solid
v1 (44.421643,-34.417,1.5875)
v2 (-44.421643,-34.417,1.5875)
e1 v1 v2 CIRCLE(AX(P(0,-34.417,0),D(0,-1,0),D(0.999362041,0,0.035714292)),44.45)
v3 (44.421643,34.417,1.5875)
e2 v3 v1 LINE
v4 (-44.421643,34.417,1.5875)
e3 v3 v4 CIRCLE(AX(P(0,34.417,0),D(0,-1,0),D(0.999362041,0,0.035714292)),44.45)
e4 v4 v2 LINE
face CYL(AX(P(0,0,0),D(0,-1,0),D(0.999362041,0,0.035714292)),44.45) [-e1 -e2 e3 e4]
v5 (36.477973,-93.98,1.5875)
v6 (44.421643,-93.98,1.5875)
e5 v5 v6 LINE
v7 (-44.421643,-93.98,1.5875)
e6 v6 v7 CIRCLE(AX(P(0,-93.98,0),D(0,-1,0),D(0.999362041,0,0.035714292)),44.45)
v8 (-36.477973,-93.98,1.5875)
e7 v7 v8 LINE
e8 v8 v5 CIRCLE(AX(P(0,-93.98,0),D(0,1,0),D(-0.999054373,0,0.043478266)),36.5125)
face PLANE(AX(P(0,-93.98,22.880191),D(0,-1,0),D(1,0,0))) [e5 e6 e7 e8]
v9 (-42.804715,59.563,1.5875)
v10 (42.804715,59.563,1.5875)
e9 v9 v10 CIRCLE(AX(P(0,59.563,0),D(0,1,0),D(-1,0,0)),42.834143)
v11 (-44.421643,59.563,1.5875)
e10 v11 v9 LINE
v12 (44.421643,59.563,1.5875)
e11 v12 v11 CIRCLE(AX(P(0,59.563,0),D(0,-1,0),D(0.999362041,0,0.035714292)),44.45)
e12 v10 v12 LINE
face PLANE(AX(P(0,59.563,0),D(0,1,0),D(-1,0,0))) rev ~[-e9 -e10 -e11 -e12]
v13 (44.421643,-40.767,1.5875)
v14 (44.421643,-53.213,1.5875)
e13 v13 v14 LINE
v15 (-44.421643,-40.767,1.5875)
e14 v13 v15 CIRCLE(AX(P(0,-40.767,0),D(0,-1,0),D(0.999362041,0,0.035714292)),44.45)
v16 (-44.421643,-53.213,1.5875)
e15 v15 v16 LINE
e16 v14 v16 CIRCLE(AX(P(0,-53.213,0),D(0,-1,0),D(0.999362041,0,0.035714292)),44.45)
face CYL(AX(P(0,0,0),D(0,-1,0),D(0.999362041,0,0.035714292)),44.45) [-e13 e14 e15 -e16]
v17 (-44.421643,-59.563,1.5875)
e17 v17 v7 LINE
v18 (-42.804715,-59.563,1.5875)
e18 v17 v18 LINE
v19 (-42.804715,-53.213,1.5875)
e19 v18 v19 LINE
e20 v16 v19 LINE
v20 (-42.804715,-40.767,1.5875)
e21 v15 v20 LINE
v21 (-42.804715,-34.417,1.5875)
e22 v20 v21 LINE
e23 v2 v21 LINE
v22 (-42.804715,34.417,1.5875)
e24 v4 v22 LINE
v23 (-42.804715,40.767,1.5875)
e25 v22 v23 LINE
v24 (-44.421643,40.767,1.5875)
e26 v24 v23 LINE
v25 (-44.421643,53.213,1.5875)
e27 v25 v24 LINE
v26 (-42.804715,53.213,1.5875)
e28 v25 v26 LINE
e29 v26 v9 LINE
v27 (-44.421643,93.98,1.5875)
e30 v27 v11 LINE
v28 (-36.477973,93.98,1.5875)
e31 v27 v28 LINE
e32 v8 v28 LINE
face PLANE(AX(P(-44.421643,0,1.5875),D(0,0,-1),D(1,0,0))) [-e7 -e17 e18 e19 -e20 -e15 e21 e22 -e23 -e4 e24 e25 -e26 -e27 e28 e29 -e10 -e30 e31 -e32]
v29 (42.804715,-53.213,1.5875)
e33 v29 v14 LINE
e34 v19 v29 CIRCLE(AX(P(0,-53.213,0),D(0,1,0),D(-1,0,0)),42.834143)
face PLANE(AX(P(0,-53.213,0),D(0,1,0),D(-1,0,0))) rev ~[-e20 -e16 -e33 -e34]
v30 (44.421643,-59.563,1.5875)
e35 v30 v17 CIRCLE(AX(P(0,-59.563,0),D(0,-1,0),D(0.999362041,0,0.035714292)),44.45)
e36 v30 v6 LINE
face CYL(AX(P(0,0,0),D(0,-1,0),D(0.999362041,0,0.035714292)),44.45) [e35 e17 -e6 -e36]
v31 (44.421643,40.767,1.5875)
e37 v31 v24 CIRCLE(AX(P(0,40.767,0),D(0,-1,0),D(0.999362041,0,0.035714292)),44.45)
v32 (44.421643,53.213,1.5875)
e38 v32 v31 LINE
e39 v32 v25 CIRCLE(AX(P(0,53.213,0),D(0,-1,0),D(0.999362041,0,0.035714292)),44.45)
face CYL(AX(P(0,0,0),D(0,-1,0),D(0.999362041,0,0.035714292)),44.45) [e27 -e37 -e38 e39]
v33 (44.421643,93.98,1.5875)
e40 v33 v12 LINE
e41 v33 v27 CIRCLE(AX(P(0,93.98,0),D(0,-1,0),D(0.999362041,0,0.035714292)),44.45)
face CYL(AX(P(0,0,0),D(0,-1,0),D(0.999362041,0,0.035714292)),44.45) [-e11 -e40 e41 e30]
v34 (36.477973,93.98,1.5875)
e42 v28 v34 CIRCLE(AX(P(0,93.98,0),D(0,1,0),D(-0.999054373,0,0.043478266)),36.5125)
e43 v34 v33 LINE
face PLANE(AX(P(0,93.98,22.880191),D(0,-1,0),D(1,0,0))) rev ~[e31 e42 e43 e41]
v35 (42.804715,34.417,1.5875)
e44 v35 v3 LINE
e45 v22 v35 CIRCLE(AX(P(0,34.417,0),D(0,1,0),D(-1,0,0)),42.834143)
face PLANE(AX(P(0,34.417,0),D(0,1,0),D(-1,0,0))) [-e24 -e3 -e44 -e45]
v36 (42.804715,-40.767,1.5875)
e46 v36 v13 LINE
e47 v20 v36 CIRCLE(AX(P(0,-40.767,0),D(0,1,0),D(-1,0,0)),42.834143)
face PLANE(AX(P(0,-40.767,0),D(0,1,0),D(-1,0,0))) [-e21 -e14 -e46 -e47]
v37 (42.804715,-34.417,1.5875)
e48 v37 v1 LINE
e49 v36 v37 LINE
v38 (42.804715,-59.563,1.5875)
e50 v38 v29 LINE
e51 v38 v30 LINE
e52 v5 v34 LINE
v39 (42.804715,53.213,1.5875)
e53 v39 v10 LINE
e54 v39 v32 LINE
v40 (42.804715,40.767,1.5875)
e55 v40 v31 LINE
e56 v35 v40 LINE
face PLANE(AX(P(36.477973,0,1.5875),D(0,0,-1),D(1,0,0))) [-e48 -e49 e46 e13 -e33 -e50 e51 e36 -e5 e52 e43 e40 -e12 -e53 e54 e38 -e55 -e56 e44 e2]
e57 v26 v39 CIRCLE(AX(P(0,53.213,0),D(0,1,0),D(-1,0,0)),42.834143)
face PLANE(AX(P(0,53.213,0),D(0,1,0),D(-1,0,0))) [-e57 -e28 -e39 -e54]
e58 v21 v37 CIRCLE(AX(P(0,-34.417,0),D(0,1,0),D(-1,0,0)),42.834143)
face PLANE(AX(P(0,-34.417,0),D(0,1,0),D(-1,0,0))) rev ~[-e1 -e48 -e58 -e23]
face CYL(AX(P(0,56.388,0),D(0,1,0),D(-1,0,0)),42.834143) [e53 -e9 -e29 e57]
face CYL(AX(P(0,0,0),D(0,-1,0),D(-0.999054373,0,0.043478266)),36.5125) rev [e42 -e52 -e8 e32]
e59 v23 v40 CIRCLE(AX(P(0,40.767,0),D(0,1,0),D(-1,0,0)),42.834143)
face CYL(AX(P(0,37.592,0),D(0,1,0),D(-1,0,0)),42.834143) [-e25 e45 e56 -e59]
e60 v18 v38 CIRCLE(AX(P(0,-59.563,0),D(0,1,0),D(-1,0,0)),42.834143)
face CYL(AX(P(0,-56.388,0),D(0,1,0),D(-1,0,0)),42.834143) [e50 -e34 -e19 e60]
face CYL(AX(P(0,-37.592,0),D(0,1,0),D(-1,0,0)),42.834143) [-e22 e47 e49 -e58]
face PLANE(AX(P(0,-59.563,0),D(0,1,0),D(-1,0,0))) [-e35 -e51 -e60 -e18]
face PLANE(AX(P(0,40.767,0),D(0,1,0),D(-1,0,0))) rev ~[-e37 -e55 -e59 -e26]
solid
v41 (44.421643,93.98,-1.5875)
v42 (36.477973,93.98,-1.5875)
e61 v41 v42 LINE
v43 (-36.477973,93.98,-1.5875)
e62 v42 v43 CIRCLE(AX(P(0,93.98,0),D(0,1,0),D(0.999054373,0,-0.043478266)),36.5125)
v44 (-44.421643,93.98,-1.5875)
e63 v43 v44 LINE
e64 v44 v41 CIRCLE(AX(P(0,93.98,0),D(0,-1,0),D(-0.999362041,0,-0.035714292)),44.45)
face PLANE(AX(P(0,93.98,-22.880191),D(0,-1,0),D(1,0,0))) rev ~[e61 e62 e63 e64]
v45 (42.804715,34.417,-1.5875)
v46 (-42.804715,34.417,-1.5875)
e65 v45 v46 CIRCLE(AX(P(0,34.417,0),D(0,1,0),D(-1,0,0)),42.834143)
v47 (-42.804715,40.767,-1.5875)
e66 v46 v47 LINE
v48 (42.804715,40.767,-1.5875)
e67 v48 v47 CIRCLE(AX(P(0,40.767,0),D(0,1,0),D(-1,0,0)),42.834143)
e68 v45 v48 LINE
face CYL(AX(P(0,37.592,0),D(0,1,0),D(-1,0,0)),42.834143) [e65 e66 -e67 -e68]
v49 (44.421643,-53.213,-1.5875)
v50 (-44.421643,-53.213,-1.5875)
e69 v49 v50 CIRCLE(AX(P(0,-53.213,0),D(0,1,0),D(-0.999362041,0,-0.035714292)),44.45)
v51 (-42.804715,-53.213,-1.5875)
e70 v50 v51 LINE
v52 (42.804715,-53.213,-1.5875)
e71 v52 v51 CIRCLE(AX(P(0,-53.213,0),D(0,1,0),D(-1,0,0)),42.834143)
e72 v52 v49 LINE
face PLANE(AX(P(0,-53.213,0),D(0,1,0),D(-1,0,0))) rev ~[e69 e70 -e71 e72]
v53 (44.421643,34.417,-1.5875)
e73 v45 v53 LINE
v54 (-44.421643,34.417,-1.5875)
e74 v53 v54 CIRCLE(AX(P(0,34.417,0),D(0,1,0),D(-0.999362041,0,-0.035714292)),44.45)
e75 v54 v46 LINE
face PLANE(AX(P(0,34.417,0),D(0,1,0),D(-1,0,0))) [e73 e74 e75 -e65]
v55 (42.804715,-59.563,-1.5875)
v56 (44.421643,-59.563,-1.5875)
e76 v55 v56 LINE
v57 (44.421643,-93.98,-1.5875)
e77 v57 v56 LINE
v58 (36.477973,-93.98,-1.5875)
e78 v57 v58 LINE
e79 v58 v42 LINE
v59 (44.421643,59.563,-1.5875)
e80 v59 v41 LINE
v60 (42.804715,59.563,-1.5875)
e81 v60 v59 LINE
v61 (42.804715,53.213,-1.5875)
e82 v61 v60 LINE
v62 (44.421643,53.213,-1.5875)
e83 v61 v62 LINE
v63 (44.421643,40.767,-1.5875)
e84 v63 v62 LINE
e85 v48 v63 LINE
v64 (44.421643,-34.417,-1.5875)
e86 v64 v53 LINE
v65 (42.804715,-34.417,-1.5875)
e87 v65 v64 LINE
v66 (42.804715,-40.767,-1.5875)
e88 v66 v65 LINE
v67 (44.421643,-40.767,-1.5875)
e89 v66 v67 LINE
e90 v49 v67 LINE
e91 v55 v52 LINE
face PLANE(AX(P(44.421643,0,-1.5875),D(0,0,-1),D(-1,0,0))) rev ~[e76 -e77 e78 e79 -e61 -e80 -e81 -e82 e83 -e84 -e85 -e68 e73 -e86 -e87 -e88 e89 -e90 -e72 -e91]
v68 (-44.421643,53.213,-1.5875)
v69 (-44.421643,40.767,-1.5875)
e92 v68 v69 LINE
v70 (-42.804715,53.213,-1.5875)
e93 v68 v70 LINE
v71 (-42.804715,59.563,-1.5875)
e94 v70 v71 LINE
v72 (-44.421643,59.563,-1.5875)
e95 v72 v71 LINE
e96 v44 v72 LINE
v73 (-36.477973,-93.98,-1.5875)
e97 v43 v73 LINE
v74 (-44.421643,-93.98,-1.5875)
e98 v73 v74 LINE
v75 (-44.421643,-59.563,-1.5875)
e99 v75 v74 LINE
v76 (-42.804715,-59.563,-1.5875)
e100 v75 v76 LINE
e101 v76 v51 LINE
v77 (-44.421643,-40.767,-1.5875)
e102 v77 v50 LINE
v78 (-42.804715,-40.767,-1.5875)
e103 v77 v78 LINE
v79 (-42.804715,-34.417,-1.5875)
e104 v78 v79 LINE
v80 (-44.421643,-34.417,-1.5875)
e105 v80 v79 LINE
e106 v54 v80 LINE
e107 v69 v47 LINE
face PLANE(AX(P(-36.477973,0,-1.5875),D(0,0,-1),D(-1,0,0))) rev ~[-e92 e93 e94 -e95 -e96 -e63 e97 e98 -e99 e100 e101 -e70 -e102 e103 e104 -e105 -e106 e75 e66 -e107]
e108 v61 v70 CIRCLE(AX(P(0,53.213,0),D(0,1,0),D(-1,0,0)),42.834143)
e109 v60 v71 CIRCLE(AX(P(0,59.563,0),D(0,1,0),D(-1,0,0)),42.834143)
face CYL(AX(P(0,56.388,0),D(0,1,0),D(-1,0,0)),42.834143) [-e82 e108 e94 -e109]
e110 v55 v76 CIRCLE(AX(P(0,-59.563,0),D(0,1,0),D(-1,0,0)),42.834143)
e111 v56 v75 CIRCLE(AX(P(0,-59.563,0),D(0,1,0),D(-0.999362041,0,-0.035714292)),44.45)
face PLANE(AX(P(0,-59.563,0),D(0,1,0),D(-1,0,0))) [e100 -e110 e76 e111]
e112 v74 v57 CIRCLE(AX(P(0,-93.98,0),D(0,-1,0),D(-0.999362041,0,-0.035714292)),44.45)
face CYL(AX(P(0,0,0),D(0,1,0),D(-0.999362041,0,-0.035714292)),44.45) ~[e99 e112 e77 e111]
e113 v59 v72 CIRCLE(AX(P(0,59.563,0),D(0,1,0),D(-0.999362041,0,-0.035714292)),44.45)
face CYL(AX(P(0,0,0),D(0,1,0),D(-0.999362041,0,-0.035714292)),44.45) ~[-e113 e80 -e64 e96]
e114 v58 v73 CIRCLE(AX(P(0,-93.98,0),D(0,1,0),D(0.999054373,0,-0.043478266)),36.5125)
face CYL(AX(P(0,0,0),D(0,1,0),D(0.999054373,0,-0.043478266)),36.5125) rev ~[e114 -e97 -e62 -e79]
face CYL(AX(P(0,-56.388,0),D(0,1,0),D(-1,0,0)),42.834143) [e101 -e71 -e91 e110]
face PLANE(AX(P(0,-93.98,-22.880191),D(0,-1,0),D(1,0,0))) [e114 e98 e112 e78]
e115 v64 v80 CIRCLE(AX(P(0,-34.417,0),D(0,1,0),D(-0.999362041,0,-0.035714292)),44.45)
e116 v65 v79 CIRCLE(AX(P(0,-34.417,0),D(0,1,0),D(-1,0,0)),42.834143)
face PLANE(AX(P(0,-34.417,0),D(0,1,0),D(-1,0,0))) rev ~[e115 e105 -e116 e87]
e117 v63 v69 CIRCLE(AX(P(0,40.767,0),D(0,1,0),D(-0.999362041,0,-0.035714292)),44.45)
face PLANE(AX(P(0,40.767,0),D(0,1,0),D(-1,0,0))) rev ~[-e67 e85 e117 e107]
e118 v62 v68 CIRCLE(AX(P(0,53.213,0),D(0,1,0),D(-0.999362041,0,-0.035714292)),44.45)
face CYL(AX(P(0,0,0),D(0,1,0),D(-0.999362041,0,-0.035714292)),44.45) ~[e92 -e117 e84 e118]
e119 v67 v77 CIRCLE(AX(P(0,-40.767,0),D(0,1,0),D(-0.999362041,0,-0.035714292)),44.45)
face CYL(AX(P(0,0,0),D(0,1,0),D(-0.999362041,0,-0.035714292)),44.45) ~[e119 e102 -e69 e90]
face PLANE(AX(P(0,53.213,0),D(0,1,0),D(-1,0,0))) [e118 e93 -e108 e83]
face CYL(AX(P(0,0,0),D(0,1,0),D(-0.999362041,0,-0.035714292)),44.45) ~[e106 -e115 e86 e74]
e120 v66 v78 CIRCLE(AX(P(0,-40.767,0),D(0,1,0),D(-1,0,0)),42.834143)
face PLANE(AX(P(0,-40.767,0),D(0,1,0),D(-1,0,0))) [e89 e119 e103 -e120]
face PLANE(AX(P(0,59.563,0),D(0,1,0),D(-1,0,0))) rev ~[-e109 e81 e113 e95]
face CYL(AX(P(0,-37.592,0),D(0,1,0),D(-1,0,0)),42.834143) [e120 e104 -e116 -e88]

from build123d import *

# Parameters (mm, degrees)
F1_DEPTH = 93.98
F2_W     = 3.175
F2_H     = 6.35


with BuildPart() as f1:
    # F0 (on Front) → F1 (new body, symmetric)
    with BuildSketch(Plane.XZ):
        with BuildLine():
            ThreePointArc((36.477973, -1.5875), (0, -36.5125), (-36.477973, -1.5875))
            Line((-36.477973, -1.5875), (-44.421643, -1.5875))
            ThreePointArc((-44.421643, -1.5875), (0, -44.45), (44.421643, -1.5875))
            Line((44.421643, -1.5875), (36.477973, -1.5875))
        make_face()
        with BuildLine():
            Line((36.477973, 1.5875), (44.421643, 1.5875))
            ThreePointArc((44.421643, 1.5875), (0, 44.45), (-44.421643, 1.5875))
            Line((-44.421643, 1.5875), (-36.477973, 1.5875))
            ThreePointArc((-36.477973, 1.5875), (0, 36.5125), (36.477973, 1.5875))
        make_face()
    extrude(amount=F1_DEPTH, both=True)

    # F2 (on Top) → F3 (revolve, cut)
    with BuildSketch(Plane.XY):
        with Locations((-44.421643, 56.388)):
            Rectangle(F2_W, F2_H)
        with Locations((-44.421643, 37.592)):
            Rectangle(F2_W, F2_H)
        with Locations((-44.421643, -37.592)):
            Rectangle(F2_W, F2_H)
        with Locations((-44.421643, -56.388)):
            Rectangle(F2_W, F2_H)
    revolve(axis=Axis((0, 23.495, 0), (0, 1, 0)), mode=Mode.SUBTRACT)


solid = f1.part
